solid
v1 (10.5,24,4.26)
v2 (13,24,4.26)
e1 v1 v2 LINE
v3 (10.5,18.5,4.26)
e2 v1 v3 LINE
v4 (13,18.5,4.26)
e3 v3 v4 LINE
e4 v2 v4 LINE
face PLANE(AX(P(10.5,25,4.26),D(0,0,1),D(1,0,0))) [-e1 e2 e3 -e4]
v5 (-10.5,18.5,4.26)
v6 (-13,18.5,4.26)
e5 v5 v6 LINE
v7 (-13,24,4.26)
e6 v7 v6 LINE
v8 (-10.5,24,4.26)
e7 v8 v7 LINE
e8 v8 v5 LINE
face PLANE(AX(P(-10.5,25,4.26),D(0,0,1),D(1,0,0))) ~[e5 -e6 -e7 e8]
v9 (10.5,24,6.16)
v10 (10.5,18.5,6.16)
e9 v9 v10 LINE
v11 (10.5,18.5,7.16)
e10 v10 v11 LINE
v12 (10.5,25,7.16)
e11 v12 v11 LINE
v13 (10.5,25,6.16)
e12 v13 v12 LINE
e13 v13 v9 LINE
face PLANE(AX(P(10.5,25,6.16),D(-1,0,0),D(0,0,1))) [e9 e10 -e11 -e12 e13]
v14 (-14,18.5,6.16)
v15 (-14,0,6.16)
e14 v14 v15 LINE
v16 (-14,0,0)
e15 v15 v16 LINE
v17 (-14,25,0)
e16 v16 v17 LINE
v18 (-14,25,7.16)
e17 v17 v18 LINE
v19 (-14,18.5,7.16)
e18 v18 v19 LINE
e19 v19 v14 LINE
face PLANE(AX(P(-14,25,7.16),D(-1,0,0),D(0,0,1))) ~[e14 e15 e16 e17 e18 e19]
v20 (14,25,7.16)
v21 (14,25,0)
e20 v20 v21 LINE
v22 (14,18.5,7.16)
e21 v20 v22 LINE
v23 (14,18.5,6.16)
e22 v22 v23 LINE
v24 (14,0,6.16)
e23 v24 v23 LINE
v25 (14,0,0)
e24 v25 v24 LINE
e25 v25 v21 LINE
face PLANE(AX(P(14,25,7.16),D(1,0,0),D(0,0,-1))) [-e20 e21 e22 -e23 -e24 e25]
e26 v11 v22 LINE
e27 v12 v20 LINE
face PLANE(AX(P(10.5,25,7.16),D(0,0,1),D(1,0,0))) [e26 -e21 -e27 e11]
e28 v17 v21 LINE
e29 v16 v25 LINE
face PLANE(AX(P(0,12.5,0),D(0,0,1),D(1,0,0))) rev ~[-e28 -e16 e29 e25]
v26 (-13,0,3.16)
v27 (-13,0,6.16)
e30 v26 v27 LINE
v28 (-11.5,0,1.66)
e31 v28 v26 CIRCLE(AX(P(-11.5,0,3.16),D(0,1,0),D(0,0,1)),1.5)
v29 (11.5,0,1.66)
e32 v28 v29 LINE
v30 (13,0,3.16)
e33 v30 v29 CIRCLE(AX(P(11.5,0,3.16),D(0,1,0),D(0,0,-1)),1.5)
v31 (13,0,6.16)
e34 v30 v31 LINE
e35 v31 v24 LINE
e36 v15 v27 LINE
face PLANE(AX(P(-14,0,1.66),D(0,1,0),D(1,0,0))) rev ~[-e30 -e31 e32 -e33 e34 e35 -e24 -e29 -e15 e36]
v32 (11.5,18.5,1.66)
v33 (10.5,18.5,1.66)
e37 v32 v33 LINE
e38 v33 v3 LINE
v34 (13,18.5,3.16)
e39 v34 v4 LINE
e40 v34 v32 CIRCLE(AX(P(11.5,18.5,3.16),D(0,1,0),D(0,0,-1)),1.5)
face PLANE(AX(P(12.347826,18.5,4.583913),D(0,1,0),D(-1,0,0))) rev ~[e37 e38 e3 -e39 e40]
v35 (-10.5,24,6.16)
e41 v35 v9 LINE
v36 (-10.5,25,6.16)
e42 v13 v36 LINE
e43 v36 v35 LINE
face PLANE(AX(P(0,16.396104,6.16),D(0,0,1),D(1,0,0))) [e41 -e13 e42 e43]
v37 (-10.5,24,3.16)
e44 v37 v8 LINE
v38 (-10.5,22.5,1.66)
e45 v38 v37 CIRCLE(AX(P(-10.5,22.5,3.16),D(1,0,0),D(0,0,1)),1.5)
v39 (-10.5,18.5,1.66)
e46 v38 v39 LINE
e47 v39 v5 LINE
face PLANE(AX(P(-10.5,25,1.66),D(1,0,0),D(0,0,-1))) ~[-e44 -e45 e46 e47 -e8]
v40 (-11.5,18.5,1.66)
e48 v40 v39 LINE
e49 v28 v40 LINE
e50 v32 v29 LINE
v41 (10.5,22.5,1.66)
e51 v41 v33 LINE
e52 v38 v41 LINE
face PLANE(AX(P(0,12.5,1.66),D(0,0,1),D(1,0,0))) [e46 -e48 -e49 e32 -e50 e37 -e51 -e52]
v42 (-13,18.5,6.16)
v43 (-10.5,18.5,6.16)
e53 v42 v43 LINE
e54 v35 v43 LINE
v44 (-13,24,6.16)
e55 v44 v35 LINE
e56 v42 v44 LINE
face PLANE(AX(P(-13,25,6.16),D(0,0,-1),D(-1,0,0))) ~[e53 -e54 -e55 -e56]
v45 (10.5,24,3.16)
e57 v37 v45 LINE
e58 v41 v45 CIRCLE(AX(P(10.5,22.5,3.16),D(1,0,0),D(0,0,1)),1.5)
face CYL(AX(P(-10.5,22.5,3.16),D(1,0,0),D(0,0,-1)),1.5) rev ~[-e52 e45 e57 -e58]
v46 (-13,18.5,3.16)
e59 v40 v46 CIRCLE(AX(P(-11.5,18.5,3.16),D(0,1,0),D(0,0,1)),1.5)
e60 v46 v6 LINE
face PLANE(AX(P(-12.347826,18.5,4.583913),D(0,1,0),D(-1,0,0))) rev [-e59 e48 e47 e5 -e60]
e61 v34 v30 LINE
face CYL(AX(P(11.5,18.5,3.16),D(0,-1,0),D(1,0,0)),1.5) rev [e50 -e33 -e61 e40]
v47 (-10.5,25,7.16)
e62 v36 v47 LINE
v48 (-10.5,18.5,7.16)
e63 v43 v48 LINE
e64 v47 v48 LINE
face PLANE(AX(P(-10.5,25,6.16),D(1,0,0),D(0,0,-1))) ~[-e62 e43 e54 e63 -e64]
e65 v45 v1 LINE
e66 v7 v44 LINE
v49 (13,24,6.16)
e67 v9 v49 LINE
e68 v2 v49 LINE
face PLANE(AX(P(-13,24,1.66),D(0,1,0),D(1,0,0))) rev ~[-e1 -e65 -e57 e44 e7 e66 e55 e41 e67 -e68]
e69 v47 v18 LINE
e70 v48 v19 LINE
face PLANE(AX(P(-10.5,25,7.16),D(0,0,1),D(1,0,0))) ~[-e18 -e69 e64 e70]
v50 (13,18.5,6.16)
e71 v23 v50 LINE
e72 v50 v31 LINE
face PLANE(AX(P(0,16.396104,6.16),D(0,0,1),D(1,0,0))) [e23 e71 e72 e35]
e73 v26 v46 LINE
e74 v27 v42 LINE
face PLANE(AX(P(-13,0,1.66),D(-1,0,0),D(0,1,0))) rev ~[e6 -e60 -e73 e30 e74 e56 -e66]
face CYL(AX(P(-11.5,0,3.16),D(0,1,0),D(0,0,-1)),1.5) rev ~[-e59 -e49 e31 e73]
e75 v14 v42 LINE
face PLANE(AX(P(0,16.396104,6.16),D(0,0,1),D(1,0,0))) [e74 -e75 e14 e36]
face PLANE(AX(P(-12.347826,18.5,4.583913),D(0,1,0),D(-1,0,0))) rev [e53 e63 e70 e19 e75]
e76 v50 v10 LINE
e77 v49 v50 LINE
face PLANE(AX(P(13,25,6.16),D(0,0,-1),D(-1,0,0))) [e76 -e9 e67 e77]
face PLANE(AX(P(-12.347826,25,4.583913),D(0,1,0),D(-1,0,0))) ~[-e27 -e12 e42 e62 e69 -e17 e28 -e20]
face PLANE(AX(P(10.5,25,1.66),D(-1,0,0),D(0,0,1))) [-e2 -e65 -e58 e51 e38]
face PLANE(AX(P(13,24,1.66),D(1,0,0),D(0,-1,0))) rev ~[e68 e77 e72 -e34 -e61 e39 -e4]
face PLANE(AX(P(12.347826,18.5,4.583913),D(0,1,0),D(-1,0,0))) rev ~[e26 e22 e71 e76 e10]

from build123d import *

# Parameters (mm, degrees)
SKETCH_W     = 28
SKETCH_H     = 25
PAD_DEPTH    = 1.66
PAD001_DEPTH = 4.5
PAD002_DEPTH = 6.5
FILLET_R     = 1.5


with BuildPart() as part:
    # Sketch → Pad (new body)
    with BuildSketch(Plane.XY):
        with Locations((0, 12.5)):
            Rectangle(SKETCH_W, SKETCH_H)
    extrude(amount=PAD_DEPTH)

    # Sketch001 → Pad001 (new body)
    with BuildSketch(Plane.XY.offset(1.66)):
        Polygon((-14, 0), (-13, 0), (-13, 24), (13, 24), (13, 0), (14, 0), (14, 25), (-14, 25), align=None)
    extrude(amount=PAD001_DEPTH)

    # Sketch002 → Pad002 (new body)
    with BuildSketch(Plane(origin=(0, 25, 0), x_dir=(-1, 0, 0), z_dir=(0, 1, 0))):
        Polygon((-10.5, 6.16), (-10.5, 7.16), (-14, 7.16), (-14, 1.66), (-10.5, 1.66), (-10.5, 4.26), (-13, 4.26), (-13, 6.16), align=None)
    pad002 = extrude(amount=-PAD002_DEPTH)

    # Mirrored: Pad002 across Sketch002 V_Axis
    add(pad002.mirror(Plane(origin=(0, 25, 0), x_dir=(0, 1, 0), z_dir=(-1, 0, 0))))

    # Fillet
    fillet_edges = [part.edges().sort_by_distance(p)[0] for p in [
        (0, 24, 1.66),
        (13, 9.25, 1.66),
        (-13, 9.25, 1.66),
    ]]
    fillet(fillet_edges, radius=FILLET_R)


solid = part.part
